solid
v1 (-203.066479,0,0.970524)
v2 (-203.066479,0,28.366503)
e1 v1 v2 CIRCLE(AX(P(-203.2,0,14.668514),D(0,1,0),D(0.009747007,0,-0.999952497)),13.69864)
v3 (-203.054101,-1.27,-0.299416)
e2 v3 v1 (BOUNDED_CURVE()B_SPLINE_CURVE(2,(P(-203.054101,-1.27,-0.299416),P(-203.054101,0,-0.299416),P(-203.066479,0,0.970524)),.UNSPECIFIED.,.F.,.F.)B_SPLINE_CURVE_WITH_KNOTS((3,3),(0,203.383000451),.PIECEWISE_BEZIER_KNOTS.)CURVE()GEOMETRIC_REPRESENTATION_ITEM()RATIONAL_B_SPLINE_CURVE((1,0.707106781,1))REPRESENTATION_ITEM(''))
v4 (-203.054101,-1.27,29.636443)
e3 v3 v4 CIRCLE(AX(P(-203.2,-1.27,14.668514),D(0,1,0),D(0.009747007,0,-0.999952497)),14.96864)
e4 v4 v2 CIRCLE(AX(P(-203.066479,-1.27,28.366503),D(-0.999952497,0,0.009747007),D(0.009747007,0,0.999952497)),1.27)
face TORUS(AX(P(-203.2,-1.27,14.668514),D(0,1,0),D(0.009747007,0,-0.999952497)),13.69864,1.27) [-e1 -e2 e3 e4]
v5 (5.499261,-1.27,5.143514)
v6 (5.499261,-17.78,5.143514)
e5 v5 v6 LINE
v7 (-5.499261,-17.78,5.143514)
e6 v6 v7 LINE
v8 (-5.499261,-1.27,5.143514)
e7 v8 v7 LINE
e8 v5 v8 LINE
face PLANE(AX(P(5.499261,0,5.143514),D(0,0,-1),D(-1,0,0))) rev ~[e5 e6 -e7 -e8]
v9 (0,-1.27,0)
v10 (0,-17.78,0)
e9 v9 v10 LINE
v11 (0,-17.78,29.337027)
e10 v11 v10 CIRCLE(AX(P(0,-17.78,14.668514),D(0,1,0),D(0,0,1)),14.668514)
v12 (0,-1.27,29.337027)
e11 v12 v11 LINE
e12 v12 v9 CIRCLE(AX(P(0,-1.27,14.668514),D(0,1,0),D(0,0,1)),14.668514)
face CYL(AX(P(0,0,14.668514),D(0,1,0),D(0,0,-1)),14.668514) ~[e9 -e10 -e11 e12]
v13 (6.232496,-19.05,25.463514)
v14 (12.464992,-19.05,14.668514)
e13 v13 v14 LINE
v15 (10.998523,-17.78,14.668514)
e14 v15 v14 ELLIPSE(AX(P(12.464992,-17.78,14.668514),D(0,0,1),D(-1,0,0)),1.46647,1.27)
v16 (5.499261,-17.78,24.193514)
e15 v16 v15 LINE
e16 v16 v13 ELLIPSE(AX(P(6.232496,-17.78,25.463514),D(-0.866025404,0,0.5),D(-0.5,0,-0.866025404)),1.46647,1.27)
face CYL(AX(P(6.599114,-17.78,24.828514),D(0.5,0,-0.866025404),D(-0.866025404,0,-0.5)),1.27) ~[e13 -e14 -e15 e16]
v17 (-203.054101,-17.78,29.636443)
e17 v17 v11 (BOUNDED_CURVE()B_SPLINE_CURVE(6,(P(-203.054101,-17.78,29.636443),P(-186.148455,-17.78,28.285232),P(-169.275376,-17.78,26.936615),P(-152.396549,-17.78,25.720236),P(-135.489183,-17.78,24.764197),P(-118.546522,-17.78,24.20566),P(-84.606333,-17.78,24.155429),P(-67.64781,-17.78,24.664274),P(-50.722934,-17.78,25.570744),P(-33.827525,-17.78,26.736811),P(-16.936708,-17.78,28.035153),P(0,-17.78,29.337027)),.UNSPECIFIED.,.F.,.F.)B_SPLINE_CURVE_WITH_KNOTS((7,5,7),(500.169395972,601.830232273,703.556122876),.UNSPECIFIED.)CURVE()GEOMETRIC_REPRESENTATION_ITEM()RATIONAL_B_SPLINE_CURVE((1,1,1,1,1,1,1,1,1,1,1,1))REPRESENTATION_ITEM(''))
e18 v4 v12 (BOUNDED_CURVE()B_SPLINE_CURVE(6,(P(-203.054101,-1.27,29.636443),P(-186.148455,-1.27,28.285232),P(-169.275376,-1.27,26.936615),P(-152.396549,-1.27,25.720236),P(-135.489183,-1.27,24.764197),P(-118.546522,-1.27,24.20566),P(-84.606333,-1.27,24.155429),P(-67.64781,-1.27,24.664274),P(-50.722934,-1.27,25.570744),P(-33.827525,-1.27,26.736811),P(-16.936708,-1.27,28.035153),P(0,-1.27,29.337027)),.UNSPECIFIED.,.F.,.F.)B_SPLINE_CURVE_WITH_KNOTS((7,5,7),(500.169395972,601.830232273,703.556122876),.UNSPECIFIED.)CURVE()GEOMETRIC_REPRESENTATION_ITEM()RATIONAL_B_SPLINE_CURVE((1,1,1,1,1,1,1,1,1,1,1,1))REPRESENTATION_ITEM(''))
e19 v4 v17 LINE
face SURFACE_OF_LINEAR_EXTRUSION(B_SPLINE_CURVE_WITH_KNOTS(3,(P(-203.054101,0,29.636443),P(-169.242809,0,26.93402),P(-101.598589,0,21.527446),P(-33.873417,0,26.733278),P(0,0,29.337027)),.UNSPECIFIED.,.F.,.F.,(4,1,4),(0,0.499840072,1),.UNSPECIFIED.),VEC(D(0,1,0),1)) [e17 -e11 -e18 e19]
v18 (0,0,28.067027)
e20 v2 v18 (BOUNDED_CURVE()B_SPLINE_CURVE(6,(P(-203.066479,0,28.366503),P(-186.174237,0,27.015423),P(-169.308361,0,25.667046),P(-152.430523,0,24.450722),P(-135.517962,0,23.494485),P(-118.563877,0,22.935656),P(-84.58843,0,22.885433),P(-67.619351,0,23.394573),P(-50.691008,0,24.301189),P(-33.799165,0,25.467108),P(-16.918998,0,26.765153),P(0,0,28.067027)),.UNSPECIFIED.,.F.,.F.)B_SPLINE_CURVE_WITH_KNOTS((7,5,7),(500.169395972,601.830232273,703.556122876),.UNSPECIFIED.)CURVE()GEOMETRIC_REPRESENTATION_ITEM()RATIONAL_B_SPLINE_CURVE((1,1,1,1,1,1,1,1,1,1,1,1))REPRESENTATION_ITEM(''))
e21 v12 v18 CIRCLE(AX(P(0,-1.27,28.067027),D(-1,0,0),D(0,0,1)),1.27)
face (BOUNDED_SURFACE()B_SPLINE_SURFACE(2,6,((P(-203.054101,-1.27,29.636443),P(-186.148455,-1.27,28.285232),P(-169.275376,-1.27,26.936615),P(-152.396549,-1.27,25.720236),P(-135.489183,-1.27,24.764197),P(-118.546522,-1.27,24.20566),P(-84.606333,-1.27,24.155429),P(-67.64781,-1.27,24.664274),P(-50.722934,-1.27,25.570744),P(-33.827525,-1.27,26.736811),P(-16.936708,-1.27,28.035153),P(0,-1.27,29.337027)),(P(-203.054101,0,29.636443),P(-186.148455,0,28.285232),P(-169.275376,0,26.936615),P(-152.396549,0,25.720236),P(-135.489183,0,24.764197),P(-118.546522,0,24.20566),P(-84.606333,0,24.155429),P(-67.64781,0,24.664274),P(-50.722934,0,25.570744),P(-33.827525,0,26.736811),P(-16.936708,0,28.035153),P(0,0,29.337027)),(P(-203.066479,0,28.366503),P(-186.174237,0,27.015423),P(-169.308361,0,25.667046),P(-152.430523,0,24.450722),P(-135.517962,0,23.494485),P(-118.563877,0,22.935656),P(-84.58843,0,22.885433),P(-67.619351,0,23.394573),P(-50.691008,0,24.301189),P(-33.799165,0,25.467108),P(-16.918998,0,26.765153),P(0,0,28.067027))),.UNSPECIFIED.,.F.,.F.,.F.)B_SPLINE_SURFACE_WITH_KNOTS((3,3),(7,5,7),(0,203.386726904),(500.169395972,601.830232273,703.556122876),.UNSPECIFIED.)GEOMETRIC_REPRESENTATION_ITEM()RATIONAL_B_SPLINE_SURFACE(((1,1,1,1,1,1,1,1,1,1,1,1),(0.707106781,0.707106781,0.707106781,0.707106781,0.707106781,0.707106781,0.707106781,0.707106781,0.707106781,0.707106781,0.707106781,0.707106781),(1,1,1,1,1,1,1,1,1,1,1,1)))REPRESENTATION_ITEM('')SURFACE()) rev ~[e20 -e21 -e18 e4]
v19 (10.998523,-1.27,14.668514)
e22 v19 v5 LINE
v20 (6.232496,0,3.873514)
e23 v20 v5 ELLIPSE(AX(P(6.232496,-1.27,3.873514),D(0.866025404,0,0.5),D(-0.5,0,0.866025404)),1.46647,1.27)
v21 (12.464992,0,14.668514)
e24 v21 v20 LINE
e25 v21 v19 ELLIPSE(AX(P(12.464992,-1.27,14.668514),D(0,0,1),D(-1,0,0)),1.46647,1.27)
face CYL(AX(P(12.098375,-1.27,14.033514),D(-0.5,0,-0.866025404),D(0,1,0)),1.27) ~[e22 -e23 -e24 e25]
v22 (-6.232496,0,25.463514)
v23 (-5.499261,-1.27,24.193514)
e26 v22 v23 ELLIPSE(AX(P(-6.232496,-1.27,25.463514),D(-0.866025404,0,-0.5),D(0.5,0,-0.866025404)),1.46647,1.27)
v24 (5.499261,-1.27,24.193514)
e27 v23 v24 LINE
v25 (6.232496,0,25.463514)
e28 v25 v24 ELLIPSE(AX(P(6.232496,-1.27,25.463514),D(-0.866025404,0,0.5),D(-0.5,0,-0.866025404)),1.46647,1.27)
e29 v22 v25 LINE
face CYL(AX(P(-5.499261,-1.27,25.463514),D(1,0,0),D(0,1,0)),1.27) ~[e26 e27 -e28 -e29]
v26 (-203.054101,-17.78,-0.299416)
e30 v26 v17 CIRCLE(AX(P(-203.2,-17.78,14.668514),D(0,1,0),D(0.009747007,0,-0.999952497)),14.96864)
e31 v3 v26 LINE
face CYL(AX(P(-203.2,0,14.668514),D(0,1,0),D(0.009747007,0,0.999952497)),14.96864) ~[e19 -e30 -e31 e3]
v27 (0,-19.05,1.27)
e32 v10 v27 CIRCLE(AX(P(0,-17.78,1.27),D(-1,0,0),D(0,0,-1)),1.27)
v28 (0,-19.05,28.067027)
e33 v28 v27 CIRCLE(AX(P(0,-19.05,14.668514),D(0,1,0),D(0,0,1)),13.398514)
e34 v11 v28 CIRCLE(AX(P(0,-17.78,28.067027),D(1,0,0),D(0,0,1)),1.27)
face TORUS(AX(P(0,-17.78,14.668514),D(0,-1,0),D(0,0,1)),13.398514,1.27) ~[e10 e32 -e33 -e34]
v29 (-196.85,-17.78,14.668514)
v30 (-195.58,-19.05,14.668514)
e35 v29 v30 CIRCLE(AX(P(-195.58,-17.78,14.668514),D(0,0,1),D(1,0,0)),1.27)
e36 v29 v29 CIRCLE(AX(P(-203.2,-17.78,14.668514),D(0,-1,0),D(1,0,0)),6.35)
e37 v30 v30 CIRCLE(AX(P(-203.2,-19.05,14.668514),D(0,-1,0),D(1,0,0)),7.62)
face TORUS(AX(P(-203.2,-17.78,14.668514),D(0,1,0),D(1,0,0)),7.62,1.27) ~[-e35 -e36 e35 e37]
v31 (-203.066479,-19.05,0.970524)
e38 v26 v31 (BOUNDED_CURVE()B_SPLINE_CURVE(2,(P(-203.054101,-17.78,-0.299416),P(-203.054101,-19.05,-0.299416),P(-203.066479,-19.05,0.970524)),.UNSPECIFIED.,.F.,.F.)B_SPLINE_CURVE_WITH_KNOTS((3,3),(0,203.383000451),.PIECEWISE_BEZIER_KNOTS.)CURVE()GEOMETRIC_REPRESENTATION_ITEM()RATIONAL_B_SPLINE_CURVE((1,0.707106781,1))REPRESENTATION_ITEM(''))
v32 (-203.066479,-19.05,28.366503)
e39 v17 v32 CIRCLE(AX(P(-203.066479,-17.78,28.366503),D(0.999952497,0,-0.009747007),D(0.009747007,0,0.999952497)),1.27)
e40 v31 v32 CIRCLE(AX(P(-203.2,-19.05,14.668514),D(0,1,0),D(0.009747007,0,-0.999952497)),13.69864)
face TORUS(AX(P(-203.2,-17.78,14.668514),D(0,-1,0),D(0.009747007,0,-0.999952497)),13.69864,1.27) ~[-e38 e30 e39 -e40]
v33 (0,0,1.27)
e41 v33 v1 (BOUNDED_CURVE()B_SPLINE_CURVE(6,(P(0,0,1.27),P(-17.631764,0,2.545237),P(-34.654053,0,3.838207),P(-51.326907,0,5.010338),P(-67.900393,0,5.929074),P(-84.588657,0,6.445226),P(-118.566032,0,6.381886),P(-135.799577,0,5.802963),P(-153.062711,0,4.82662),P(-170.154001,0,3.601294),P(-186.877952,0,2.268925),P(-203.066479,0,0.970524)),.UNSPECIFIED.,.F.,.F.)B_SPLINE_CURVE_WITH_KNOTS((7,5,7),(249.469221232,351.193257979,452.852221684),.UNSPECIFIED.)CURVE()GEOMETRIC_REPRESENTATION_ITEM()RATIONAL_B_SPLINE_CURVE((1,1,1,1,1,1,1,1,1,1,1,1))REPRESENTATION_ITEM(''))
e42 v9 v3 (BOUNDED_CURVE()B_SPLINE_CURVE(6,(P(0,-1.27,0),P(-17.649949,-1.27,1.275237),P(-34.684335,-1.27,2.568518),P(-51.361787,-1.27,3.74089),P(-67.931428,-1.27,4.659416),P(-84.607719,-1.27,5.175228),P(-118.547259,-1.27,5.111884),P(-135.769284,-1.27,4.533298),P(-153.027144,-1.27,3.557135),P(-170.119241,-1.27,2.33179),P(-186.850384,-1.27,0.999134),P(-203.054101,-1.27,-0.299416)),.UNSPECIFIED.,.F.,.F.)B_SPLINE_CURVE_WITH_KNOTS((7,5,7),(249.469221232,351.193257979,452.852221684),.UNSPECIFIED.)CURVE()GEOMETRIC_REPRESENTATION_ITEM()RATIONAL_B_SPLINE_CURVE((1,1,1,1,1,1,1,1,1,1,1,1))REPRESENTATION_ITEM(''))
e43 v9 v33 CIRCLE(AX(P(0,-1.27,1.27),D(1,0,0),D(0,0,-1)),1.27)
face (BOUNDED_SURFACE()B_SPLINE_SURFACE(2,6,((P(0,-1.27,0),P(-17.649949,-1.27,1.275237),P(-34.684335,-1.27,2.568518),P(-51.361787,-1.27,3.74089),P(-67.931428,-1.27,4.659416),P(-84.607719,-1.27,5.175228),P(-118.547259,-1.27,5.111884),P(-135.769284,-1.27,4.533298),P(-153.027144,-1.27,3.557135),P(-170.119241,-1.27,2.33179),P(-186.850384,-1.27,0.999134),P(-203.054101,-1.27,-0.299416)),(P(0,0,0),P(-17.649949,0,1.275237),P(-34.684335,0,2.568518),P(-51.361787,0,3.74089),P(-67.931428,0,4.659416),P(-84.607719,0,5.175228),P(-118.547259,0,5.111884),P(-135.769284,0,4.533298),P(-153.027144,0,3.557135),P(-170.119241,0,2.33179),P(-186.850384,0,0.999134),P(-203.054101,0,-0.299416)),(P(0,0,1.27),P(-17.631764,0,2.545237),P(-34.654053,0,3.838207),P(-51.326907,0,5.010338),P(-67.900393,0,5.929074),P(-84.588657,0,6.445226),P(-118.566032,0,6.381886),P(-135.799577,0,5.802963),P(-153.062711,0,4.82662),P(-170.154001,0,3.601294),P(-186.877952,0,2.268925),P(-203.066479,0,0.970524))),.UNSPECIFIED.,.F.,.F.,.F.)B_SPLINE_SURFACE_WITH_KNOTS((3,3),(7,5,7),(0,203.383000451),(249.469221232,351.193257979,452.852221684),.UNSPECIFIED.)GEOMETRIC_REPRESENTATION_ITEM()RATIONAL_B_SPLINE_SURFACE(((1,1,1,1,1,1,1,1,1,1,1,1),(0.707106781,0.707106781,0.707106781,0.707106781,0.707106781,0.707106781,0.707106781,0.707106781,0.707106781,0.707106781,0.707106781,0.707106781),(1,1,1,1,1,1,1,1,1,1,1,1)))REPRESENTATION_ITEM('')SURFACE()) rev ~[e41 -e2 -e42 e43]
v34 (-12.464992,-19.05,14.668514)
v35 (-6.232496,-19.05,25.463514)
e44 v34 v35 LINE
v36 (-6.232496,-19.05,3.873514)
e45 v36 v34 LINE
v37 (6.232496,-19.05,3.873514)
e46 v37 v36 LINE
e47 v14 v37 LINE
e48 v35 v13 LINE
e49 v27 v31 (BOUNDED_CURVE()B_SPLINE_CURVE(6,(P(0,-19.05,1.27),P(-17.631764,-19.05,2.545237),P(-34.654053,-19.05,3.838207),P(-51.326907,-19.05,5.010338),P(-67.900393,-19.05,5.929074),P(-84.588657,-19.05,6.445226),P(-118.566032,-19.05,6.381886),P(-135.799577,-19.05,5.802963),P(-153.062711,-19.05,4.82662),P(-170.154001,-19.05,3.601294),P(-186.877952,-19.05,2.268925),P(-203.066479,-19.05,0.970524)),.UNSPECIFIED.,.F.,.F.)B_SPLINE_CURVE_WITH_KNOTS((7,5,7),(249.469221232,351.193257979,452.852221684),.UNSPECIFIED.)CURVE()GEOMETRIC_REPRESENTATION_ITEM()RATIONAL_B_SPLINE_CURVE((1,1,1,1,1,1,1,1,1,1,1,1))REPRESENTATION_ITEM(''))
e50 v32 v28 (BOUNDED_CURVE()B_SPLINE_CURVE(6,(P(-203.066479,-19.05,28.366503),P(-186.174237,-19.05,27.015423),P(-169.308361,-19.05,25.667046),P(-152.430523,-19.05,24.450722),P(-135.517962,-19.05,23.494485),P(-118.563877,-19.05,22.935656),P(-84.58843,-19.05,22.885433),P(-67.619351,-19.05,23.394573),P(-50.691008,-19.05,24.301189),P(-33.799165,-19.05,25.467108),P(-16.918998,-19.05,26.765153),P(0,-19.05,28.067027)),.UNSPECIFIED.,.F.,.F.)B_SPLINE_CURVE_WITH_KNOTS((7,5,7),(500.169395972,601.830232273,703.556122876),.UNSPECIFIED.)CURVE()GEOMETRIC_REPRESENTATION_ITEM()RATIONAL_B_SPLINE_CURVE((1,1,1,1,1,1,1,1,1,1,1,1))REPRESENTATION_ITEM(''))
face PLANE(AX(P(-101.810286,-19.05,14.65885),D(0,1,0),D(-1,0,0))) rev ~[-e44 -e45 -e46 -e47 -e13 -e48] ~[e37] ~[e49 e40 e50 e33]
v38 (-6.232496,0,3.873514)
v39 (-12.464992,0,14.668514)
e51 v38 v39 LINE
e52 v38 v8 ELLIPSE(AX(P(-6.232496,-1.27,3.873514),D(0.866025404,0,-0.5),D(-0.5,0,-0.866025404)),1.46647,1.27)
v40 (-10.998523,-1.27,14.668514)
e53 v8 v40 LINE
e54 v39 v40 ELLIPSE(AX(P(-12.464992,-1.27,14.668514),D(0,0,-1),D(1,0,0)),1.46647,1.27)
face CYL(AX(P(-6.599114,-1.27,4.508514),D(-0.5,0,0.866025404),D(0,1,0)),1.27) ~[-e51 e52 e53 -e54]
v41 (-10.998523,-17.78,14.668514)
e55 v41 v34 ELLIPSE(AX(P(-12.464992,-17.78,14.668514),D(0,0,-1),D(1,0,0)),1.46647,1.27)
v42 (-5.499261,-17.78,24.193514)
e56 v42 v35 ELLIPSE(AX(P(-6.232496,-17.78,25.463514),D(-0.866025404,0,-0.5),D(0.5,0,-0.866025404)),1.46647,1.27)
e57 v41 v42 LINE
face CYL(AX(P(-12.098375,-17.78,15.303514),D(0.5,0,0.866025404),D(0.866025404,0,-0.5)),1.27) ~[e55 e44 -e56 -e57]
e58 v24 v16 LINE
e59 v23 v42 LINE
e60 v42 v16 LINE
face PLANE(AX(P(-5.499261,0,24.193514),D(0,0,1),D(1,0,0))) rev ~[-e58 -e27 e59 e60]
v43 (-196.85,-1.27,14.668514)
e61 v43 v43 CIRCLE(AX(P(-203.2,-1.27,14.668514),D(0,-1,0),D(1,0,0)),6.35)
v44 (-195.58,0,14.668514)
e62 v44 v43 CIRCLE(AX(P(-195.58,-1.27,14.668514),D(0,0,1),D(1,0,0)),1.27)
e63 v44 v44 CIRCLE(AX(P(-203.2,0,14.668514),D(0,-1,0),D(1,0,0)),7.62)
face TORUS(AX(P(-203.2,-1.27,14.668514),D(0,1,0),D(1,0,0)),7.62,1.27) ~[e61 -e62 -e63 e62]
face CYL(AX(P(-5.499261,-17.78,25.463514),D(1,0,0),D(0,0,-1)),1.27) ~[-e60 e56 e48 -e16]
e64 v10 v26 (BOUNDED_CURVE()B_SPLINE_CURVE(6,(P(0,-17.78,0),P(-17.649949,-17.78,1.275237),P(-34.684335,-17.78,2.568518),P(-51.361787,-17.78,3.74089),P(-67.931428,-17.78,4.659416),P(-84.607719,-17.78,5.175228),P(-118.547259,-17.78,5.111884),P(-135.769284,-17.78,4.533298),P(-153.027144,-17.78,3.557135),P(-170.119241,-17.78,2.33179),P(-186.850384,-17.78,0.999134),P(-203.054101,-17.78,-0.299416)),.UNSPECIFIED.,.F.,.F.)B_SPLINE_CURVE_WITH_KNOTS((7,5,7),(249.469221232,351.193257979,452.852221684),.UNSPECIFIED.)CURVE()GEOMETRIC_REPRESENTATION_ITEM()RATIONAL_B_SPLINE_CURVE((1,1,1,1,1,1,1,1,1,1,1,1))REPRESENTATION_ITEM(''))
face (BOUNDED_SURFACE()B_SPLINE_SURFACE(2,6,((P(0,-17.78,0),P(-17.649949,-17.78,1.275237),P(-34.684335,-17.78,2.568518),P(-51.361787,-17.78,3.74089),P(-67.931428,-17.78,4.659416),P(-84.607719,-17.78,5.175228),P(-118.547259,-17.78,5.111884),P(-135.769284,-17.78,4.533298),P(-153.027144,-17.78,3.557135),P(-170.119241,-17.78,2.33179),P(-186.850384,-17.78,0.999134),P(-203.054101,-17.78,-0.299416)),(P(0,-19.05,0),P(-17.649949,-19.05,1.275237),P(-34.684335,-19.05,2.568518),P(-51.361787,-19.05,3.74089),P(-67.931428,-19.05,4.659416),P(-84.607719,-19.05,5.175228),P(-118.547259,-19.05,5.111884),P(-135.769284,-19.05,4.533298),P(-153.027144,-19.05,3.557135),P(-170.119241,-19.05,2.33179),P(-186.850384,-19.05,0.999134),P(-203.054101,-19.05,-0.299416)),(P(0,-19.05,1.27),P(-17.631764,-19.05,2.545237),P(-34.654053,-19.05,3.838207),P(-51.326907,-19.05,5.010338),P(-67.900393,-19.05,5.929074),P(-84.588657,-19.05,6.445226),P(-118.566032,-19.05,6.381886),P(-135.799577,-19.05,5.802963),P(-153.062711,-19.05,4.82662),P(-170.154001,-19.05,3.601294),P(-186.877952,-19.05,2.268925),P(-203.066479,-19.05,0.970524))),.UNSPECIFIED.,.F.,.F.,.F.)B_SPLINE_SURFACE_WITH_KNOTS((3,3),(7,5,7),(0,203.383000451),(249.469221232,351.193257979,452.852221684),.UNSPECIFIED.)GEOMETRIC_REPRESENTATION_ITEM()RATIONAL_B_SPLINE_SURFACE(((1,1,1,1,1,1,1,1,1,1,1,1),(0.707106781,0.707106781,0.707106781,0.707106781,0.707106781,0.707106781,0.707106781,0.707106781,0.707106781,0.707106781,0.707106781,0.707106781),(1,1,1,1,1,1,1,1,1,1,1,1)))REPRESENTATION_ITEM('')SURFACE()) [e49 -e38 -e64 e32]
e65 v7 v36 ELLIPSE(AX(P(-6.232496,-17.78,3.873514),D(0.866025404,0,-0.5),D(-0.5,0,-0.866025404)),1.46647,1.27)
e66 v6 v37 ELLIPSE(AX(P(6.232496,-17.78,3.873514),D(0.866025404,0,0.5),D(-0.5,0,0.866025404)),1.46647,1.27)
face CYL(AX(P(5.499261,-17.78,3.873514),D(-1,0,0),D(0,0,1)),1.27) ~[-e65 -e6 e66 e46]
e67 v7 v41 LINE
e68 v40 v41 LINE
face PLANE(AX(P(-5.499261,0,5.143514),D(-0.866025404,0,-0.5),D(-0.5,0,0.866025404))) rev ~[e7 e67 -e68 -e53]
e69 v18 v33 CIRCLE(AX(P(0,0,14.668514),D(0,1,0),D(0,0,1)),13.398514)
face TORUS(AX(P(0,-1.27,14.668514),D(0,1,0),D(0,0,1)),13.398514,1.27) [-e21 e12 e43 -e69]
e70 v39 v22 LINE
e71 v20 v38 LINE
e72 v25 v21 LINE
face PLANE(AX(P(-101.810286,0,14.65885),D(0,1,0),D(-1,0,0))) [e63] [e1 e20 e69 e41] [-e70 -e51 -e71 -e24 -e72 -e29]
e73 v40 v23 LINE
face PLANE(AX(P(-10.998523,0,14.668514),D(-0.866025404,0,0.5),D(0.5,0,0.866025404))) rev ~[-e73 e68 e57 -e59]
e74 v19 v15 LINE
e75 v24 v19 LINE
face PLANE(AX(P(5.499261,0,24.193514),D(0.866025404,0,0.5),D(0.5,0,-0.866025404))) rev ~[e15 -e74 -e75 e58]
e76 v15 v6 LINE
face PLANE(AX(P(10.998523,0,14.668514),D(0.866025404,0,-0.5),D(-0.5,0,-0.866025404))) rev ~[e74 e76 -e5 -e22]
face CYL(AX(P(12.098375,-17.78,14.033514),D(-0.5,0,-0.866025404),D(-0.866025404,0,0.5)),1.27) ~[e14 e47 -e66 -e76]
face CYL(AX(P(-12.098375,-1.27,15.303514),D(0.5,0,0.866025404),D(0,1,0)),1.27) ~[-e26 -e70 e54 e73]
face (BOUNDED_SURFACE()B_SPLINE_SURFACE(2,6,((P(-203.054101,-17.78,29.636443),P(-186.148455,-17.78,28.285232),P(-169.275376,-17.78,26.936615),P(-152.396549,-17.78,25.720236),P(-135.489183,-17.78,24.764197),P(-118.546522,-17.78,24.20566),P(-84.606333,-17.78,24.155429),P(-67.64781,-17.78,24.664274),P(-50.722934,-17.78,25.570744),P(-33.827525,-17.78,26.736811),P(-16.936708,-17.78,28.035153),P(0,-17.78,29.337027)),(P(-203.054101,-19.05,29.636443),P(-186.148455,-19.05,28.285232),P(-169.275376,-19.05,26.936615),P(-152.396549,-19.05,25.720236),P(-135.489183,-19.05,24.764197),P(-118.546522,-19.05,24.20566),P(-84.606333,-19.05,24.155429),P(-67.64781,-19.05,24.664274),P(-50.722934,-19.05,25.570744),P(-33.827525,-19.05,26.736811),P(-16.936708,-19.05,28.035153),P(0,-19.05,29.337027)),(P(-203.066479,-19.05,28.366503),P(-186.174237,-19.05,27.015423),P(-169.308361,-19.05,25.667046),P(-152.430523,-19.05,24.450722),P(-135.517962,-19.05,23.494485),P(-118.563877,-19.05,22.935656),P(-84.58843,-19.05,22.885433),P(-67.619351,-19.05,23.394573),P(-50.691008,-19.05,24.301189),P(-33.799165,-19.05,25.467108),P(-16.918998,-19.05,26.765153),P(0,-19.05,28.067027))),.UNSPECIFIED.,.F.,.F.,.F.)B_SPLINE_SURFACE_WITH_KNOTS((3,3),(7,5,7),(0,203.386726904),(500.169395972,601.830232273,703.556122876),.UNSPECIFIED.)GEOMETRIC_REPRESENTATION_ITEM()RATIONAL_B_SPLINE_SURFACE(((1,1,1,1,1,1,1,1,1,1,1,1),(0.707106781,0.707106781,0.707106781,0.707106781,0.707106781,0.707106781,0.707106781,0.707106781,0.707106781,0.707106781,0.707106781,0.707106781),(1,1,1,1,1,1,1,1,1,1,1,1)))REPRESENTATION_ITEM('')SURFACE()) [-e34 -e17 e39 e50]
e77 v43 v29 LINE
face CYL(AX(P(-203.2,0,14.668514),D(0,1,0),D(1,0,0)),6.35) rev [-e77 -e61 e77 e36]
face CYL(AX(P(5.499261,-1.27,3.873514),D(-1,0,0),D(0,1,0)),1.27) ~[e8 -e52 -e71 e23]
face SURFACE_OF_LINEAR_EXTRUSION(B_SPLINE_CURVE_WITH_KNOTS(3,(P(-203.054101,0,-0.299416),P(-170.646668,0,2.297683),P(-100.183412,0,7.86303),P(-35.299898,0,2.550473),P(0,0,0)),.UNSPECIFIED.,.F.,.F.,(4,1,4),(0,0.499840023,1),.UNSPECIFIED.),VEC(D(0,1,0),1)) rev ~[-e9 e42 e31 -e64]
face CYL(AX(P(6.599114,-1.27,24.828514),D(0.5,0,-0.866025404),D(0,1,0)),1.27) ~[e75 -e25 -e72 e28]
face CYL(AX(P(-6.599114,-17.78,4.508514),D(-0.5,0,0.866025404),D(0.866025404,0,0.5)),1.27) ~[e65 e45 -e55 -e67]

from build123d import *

# Parameters (mm, degrees)
F0_R     = 6.35
F1_DEPTH = 19.05
F2_R     = 1.27
F3_R     = 1.27


with BuildPart() as f1:
    # F0 (on Front) → F1 (new body)
    with BuildSketch(Plane.XZ):
        with BuildLine():
            add(Edge.make_bspline(
                [(-203.0541005576, 29.636442888), (-169.2428086843, 26.9340203064), (-101.598588578, 21.5274458219), (-33.8734169435, 26.7332782693), (0, 29.3370270495)],
                knots=[0, 0, 0, 0, 0.4998400724, 1, 1, 1, 1], degree=3))
            ThreePointArc((-203.0541005576, 29.636442888), (-218.1686404216, 14.6685135247), (-203.0541005576, -0.2994158385))
            add(Edge.make_bspline(
                [(-203.0541005576, -0.2994158385), (-170.646668192, 2.2976834728), (-100.1834122037, 7.8630302228), (-35.2998975721, 2.5504730559), (0, 0)],
                knots=[0, 0, 0, 0, 0.4998400234, 1, 1, 1, 1], degree=3))
            ThreePointArc((0, 0), (14.6685135247, 14.6685135247), (0, 29.3370270495))
        make_face()
        with Locations((-203.2, 14.6685135247)):
            Circle(F0_R, mode=Mode.SUBTRACT)
        Polygon((-10.9985226281, 14.6685135247), (-5.499261314, 24.1935135247), (5.499261314, 24.1935135247), (10.9985226281, 14.6685135247), (5.499261314, 5.1435135247), (-5.499261314, 5.1435135247), align=None, mode=Mode.SUBTRACT)
    extrude(amount=F1_DEPTH)

    # F2
    f2_edges = [f1.edges().sort_by_distance(p)[0] for p in [
        (-101.534961, -19.05, 24.180485),
        (14.668514, -19.05, 14.668514),
        (-101.535407, -19.05, 5.143633),
        (-218.16864, -19.05, 14.668514),
        (-209.55, -19.05, 14.668514),
        (0, -19.05, 5.143514),
        (8.248892, -19.05, 9.906014),
        (8.248892, -19.05, 19.431014),
        (0, -19.05, 24.193514),
        (-8.248892, -19.05, 19.431014),
        (-8.248892, -19.05, 9.906014),
    ]]
    fillet(f2_edges, radius=F2_R)

    # F3
    f3_edges = [f1.edges().sort_by_distance(p)[0] for p in [
        (-101.534961, 0, 24.180485),
        (14.668514, 0, 14.668514),
        (-101.535407, 0, 5.143633),
        (-218.16864, 0, 14.668514),
        (-209.55, 0, 14.668514),
        (0, 0, 5.143514),
        (8.248892, 0, 9.906014),
        (8.248892, 0, 19.431014),
        (0, 0, 24.193514),
        (-8.248892, 0, 19.431014),
        (-8.248892, 0, 9.906014),
    ]]
    fillet(f3_edges, radius=F3_R)


solid = f1.part
